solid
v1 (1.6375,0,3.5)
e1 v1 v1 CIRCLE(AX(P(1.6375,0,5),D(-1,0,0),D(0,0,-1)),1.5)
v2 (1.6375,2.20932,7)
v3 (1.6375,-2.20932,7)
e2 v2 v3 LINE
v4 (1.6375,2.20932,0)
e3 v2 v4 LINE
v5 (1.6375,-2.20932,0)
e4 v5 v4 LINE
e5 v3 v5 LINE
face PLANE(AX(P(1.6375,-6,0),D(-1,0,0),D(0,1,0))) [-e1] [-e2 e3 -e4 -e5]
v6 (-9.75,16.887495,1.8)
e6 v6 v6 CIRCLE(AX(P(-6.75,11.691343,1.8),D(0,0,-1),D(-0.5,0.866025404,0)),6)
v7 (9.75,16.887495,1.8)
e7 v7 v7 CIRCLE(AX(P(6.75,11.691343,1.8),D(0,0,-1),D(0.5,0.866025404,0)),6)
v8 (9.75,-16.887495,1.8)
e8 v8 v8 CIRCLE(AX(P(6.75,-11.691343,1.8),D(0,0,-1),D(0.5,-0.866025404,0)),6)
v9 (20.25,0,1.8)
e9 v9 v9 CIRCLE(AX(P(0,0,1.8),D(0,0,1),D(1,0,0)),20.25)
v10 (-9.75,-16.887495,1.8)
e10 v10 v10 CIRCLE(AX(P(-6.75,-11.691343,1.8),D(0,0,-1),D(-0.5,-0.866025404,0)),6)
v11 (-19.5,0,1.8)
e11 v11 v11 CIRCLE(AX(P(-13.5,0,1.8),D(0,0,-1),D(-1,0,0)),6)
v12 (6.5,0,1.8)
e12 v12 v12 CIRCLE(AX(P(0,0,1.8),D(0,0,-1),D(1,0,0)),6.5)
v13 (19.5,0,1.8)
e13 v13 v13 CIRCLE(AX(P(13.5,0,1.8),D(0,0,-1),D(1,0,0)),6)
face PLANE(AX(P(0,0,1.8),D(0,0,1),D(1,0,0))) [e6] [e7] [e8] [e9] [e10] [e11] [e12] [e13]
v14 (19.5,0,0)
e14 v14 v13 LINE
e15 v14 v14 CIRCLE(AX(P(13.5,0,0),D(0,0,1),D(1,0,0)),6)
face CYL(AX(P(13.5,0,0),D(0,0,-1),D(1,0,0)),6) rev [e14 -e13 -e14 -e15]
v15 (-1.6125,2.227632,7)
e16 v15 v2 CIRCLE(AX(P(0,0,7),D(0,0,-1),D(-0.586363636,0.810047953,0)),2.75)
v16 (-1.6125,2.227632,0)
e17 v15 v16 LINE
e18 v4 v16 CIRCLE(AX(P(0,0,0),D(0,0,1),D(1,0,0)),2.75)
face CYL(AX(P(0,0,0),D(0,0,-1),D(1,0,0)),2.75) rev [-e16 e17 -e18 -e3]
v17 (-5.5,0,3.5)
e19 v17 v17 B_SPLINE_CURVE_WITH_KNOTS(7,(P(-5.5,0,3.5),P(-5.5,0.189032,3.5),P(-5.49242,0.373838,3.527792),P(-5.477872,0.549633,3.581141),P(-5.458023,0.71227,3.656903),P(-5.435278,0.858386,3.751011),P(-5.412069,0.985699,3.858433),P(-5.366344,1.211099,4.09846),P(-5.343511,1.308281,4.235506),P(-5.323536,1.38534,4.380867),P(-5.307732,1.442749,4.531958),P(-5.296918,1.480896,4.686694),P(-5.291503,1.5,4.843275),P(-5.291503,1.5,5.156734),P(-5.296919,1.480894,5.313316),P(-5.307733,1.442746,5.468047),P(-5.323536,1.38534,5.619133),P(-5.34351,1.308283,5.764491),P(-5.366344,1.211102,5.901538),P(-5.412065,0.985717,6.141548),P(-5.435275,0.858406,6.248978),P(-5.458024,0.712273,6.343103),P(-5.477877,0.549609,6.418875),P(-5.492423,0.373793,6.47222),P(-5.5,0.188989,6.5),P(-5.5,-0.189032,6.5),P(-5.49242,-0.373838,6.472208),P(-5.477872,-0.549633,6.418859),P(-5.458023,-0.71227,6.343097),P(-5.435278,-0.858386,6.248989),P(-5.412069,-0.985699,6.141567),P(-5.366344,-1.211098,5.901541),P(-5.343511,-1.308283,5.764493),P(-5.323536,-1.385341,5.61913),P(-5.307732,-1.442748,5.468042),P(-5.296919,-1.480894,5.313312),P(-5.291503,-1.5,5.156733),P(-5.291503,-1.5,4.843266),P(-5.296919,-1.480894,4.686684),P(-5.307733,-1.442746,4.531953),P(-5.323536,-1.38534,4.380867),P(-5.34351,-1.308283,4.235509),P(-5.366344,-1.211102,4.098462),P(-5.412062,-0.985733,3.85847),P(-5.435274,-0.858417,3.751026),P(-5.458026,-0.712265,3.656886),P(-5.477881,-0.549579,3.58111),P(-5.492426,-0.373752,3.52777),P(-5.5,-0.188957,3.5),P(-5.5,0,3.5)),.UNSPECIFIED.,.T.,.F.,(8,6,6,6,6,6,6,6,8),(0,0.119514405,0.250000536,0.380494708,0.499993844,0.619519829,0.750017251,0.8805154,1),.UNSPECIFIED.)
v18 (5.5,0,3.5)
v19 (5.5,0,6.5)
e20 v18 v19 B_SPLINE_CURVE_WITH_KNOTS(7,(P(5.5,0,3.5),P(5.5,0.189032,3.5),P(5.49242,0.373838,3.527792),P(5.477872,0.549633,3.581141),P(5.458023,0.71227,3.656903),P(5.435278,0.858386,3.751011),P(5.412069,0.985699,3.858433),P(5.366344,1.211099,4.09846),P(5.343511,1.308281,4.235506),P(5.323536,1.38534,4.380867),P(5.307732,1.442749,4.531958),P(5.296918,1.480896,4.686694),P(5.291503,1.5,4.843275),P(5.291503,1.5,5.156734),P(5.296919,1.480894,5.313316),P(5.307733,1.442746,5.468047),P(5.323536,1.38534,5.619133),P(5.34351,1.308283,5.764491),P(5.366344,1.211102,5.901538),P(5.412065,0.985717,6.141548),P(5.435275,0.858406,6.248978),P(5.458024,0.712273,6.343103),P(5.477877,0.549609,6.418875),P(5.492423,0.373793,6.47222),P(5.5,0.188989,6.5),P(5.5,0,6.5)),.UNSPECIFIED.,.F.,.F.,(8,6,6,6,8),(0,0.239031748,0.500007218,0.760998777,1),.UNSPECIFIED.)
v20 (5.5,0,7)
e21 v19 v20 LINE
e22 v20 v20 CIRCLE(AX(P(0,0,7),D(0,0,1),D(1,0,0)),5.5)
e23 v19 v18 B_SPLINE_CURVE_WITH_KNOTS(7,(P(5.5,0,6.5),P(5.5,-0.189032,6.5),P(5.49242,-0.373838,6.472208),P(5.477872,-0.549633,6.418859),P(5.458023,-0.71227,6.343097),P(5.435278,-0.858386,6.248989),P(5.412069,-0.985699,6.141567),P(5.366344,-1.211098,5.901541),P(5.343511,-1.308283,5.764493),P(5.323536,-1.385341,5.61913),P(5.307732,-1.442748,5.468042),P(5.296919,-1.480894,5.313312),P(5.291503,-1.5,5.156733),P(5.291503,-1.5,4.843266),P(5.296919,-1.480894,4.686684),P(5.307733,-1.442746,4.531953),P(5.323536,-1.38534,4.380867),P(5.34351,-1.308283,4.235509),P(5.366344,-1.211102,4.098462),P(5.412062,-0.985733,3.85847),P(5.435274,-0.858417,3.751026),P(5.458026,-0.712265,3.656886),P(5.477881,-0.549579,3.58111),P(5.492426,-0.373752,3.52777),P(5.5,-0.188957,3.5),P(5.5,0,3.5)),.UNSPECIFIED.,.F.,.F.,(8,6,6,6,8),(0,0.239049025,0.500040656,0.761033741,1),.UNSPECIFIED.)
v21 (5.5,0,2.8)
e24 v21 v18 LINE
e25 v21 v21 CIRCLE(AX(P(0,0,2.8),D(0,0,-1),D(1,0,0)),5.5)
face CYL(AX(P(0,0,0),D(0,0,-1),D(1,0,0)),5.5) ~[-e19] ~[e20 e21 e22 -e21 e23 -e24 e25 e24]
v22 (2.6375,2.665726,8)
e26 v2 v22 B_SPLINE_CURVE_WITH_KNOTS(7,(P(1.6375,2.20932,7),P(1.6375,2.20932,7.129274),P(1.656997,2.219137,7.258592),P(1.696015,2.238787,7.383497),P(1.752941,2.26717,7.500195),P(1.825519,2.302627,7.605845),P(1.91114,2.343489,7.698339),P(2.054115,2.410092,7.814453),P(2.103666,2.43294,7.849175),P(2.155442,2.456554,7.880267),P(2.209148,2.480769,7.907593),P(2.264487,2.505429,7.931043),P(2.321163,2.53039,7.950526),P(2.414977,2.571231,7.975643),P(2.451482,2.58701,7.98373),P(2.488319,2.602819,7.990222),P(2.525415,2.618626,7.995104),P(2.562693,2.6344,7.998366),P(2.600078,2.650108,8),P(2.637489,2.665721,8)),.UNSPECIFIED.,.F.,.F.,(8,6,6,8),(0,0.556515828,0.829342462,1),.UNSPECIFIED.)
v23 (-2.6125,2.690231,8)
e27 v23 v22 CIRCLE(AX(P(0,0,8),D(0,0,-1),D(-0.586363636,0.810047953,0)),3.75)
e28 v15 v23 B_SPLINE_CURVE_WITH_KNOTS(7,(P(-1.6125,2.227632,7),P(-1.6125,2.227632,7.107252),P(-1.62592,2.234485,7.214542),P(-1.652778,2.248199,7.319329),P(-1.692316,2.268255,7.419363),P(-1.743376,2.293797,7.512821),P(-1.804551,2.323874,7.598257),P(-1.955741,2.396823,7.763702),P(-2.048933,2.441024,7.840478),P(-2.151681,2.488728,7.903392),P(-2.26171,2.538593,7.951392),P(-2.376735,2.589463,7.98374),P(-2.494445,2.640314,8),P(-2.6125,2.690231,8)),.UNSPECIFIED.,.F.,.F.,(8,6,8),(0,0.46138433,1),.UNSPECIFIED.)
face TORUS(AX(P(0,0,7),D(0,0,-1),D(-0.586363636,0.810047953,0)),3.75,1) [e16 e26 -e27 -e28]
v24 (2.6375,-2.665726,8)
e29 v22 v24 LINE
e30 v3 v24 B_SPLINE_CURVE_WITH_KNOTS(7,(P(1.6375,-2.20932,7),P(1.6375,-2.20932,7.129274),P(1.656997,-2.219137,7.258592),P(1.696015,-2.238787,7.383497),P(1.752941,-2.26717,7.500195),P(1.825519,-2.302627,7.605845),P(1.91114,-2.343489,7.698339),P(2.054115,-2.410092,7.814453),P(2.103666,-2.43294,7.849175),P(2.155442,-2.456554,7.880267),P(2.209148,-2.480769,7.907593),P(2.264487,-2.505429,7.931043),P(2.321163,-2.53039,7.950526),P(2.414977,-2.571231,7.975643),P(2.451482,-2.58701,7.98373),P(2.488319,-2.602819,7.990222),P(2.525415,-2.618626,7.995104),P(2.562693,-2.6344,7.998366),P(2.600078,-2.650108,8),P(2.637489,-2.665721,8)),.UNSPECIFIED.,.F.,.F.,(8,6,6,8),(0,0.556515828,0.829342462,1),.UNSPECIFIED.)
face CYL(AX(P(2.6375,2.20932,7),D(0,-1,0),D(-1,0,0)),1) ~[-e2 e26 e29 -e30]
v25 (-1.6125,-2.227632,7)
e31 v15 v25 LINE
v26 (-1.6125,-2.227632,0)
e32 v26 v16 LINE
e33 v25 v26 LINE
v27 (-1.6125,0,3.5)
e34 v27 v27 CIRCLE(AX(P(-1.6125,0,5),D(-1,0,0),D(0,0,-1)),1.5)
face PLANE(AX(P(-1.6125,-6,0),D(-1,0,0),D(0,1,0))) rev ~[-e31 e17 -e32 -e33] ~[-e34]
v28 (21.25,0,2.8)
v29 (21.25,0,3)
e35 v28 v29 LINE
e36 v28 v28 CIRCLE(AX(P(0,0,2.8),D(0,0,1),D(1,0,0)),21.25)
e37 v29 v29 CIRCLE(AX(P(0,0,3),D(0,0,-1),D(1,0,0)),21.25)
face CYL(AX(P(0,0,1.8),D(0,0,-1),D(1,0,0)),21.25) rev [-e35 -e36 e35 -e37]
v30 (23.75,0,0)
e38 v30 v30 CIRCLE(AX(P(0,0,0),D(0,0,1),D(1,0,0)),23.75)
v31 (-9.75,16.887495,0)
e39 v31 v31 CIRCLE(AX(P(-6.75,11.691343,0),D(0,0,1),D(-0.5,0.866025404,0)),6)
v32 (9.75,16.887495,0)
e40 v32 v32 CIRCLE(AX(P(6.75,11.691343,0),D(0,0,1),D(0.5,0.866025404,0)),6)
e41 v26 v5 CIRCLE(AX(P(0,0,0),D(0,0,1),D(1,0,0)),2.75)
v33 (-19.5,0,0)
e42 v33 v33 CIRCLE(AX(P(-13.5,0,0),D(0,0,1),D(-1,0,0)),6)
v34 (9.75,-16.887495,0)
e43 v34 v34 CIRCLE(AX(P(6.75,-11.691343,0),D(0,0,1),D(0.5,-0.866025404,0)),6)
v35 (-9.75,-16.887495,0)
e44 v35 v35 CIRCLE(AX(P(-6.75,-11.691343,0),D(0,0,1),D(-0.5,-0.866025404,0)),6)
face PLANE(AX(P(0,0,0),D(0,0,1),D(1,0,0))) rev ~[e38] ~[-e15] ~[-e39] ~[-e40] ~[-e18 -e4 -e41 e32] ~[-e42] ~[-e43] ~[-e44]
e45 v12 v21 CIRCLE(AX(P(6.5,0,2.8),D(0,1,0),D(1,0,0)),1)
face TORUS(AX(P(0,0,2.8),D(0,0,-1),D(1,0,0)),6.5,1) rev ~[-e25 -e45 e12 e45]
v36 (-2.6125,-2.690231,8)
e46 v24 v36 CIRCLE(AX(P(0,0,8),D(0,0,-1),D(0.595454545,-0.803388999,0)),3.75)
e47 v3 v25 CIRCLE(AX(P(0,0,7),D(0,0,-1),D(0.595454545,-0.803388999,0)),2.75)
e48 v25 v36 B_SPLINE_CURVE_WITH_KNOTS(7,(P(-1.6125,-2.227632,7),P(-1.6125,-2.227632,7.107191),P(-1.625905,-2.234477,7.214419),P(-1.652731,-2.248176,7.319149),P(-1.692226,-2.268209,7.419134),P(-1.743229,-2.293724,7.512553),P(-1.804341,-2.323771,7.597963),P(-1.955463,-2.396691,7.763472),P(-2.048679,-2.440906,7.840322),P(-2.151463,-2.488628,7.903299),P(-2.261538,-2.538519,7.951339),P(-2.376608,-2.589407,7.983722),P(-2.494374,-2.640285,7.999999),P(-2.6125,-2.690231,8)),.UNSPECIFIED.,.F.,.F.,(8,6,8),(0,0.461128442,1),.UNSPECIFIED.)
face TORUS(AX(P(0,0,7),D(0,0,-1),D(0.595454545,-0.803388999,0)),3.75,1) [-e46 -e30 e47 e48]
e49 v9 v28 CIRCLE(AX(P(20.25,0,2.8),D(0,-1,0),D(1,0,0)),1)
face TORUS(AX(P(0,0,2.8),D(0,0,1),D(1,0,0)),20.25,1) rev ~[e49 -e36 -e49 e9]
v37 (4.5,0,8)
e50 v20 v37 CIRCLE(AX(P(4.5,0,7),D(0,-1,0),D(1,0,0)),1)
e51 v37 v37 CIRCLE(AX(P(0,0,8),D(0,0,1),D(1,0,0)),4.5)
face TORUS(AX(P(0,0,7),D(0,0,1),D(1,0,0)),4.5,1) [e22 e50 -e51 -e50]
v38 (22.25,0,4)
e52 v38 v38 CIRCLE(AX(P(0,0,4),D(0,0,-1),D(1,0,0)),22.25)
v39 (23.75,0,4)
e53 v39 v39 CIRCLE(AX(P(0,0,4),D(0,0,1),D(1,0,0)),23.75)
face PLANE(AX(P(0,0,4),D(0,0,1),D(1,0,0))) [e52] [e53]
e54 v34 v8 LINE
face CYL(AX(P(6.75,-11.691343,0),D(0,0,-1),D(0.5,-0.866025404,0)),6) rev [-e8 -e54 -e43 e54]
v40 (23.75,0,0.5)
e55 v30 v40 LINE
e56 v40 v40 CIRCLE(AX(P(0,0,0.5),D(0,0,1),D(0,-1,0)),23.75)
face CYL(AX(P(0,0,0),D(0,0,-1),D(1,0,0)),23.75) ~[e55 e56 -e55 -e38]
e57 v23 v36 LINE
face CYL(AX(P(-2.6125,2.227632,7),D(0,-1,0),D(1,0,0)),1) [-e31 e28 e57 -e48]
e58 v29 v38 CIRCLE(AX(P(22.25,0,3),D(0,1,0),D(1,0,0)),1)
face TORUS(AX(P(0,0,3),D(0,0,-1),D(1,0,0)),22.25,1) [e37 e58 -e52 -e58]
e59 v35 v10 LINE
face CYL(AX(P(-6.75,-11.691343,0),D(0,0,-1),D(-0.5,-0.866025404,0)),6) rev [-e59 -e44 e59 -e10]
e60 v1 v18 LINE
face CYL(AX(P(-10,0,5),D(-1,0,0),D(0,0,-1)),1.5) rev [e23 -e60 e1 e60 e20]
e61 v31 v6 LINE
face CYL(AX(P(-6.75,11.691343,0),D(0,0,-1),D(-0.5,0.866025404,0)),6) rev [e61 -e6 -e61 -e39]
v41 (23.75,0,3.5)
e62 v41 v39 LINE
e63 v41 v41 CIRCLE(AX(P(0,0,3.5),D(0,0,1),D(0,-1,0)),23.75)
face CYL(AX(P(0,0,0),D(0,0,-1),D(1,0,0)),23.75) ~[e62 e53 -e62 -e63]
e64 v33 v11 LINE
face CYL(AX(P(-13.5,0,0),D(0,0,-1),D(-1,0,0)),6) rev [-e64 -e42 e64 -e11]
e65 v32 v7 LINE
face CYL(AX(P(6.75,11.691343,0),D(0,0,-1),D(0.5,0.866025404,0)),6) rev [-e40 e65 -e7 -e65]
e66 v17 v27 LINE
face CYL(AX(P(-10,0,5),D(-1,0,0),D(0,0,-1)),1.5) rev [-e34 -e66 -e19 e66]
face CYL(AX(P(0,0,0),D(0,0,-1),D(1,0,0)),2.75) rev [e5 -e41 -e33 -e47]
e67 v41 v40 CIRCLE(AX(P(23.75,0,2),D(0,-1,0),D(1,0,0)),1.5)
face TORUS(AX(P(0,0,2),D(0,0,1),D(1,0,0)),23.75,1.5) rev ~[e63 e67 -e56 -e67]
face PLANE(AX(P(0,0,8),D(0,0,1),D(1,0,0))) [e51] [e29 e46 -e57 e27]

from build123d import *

# Parameters (mm, degrees)
CYLINDER004_R           = 6
CYLINDER004_DEPTH       = 20
ARRAY_COUNT             = 6
CYLINDER003_R           = 1.5
CYLINDER003_DEPTH       = 20
CYLINDER003_PITCH_ANGLE = 90
CYLINDER002_R           = 2.75
CYLINDER002_DEPTH       = 12
BOX_W                   = 3.25
BOX_H                   = 12
BOX_DEPTH               = 12
CYLINDER005_R           = 21.25
CYLINDER005_DEPTH       = 10
TORUS_R                 = 1.5
CYLINDER_R              = 23.75
CYLINDER_DEPTH          = 4
CYLINDER001_R           = 5.5
CYLINDER001_DEPTH       = 8
FILLET_R                = 1
FILLET002_R             = 1
FILLET003_R             = 1
FILLET004_R             = 1
FILLET005_R             = 1


with BuildPart() as array:
    # Cylinder004 → Cylinder004 (new body)
    with BuildSketch(Plane(origin=(13.5, 0, 0), x_dir=(1, 0, 0), z_dir=(0, 0, 1))):
        Circle(CYLINDER004_R)
    extrude(amount=CYLINDER004_DEPTH)

    # Array: Array ×6 about axis
    array_axis = Axis((0, 0, 0), (0, 0, 1))


with BuildPart() as array_1:
    add(array.part)
    for i in range(1, ARRAY_COUNT):
        add(array.part.rotate(array_axis, i * 360 / ARRAY_COUNT))


with BuildPart() as setscrew:
    # Cylinder003 → Cylinder003 (new body)
    with BuildSketch(Plane.XY):
        Circle(CYLINDER003_R)
    extrude(amount=CYLINDER003_DEPTH)


with BuildPart() as setscrew_1:
    # Cylinder003 pitch: moved
    add(setscrew.part.rotate(Axis((0, 0, 0), (0, 1, 0)), CYLINDER003_PITCH_ANGLE))


with BuildPart() as setscrew_2:
    # Cylinder003 placement: moved
    add(setscrew_1.part.moved(Location((-10, 0, 5))))


with BuildPart() as cylinder001:
    # Cylinder002 → Cylinder002 (new body)
    with BuildSketch(Plane.XY):
        Circle(CYLINDER002_R)
    extrude(amount=CYLINDER002_DEPTH)


with BuildPart() as shaft:
    # Box → Box (new body)
    with BuildSketch(Plane(origin=(-1.6125, -6, 0), x_dir=(1, 0, 0), z_dir=(0, 0, 1))):
        with Locations((1.625, 6)):
            Rectangle(BOX_W, BOX_H)
    extrude(amount=BOX_DEPTH)

    # Common: intersect Cylinder001
    add(cylinder001.part, mode=Mode.INTERSECT)


with BuildPart() as cylinder002:
    # Cylinder005 → Cylinder005 (new body)
    with BuildSketch(Plane.XY.offset(1.8)):
        Circle(CYLINDER005_R)
    extrude(amount=CYLINDER005_DEPTH)


with BuildPart() as torus:
    # Torus → Torus (revolve)
    with BuildSketch(Plane(origin=(0, 0, 2), x_dir=(1, 0, 0), z_dir=(0, -1, 0))):
        with Locations((23.75, 0)):
            Circle(TORUS_R)
    revolve(axis=Axis((0, 0, 2), (0, 0, 1)))


with BuildPart() as cut002:
    # Cylinder → Cylinder (new body)
    with BuildSketch(Plane.XY):
        Circle(CYLINDER_R)
    extrude(amount=CYLINDER_DEPTH)

    # Cut: cut Torus
    add(torus.part, mode=Mode.SUBTRACT)

    # Cut002: cut Cylinder002
    add(cylinder002.part, mode=Mode.SUBTRACT)


with BuildPart() as fillet005:
    # Cylinder001 → Cylinder001 (new body)
    with BuildSketch(Plane.XY):
        Circle(CYLINDER001_R)
    extrude(amount=CYLINDER001_DEPTH)

    # Fusion: union Cut002
    add(cut002.part)

    # Cut003: cut shaft
    add(shaft.part, mode=Mode.SUBTRACT)

    # Cut004: cut setscrew
    add(setscrew_2.part, mode=Mode.SUBTRACT)

    # Cut005: cut Array
    add(array_1.part, mode=Mode.SUBTRACT)

    # Fillet
    fillet_edges = [fillet005.edges().sort_by_distance(p)[0] for p in [
        (-1.6125, 0, 8),
        (0.015495, 2.749956, 8),
        (1.6375, 0, 8),
        (0.015495, -2.749956, 8),
    ]]
    fillet(fillet_edges, radius=FILLET_R)

    # Fillet002
    fillet002_edges = [fillet005.edges().sort_by_distance(p)[0] for p in [
        (-21.25, 0, 1.8),
    ]]
    fillet(fillet002_edges, radius=FILLET002_R)

    # Fillet003
    fillet003_edges = [fillet005.edges().sort_by_distance(p)[0] for p in [
        (-21.25, 0, 4),
    ]]
    fillet(fillet003_edges, radius=FILLET003_R)

    # Fillet004
    fillet004_edges = [fillet005.edges().sort_by_distance(p)[0] for p in [
        (-5.5, 0, 1.8),
    ]]
    fillet(fillet004_edges, radius=FILLET004_R)

    # Fillet005
    fillet005_edges = [fillet005.edges().sort_by_distance(p)[0] for p in [
        (-5.5, 0, 8),
    ]]
    fillet(fillet005_edges, radius=FILLET005_R)


solid = fillet005.part
